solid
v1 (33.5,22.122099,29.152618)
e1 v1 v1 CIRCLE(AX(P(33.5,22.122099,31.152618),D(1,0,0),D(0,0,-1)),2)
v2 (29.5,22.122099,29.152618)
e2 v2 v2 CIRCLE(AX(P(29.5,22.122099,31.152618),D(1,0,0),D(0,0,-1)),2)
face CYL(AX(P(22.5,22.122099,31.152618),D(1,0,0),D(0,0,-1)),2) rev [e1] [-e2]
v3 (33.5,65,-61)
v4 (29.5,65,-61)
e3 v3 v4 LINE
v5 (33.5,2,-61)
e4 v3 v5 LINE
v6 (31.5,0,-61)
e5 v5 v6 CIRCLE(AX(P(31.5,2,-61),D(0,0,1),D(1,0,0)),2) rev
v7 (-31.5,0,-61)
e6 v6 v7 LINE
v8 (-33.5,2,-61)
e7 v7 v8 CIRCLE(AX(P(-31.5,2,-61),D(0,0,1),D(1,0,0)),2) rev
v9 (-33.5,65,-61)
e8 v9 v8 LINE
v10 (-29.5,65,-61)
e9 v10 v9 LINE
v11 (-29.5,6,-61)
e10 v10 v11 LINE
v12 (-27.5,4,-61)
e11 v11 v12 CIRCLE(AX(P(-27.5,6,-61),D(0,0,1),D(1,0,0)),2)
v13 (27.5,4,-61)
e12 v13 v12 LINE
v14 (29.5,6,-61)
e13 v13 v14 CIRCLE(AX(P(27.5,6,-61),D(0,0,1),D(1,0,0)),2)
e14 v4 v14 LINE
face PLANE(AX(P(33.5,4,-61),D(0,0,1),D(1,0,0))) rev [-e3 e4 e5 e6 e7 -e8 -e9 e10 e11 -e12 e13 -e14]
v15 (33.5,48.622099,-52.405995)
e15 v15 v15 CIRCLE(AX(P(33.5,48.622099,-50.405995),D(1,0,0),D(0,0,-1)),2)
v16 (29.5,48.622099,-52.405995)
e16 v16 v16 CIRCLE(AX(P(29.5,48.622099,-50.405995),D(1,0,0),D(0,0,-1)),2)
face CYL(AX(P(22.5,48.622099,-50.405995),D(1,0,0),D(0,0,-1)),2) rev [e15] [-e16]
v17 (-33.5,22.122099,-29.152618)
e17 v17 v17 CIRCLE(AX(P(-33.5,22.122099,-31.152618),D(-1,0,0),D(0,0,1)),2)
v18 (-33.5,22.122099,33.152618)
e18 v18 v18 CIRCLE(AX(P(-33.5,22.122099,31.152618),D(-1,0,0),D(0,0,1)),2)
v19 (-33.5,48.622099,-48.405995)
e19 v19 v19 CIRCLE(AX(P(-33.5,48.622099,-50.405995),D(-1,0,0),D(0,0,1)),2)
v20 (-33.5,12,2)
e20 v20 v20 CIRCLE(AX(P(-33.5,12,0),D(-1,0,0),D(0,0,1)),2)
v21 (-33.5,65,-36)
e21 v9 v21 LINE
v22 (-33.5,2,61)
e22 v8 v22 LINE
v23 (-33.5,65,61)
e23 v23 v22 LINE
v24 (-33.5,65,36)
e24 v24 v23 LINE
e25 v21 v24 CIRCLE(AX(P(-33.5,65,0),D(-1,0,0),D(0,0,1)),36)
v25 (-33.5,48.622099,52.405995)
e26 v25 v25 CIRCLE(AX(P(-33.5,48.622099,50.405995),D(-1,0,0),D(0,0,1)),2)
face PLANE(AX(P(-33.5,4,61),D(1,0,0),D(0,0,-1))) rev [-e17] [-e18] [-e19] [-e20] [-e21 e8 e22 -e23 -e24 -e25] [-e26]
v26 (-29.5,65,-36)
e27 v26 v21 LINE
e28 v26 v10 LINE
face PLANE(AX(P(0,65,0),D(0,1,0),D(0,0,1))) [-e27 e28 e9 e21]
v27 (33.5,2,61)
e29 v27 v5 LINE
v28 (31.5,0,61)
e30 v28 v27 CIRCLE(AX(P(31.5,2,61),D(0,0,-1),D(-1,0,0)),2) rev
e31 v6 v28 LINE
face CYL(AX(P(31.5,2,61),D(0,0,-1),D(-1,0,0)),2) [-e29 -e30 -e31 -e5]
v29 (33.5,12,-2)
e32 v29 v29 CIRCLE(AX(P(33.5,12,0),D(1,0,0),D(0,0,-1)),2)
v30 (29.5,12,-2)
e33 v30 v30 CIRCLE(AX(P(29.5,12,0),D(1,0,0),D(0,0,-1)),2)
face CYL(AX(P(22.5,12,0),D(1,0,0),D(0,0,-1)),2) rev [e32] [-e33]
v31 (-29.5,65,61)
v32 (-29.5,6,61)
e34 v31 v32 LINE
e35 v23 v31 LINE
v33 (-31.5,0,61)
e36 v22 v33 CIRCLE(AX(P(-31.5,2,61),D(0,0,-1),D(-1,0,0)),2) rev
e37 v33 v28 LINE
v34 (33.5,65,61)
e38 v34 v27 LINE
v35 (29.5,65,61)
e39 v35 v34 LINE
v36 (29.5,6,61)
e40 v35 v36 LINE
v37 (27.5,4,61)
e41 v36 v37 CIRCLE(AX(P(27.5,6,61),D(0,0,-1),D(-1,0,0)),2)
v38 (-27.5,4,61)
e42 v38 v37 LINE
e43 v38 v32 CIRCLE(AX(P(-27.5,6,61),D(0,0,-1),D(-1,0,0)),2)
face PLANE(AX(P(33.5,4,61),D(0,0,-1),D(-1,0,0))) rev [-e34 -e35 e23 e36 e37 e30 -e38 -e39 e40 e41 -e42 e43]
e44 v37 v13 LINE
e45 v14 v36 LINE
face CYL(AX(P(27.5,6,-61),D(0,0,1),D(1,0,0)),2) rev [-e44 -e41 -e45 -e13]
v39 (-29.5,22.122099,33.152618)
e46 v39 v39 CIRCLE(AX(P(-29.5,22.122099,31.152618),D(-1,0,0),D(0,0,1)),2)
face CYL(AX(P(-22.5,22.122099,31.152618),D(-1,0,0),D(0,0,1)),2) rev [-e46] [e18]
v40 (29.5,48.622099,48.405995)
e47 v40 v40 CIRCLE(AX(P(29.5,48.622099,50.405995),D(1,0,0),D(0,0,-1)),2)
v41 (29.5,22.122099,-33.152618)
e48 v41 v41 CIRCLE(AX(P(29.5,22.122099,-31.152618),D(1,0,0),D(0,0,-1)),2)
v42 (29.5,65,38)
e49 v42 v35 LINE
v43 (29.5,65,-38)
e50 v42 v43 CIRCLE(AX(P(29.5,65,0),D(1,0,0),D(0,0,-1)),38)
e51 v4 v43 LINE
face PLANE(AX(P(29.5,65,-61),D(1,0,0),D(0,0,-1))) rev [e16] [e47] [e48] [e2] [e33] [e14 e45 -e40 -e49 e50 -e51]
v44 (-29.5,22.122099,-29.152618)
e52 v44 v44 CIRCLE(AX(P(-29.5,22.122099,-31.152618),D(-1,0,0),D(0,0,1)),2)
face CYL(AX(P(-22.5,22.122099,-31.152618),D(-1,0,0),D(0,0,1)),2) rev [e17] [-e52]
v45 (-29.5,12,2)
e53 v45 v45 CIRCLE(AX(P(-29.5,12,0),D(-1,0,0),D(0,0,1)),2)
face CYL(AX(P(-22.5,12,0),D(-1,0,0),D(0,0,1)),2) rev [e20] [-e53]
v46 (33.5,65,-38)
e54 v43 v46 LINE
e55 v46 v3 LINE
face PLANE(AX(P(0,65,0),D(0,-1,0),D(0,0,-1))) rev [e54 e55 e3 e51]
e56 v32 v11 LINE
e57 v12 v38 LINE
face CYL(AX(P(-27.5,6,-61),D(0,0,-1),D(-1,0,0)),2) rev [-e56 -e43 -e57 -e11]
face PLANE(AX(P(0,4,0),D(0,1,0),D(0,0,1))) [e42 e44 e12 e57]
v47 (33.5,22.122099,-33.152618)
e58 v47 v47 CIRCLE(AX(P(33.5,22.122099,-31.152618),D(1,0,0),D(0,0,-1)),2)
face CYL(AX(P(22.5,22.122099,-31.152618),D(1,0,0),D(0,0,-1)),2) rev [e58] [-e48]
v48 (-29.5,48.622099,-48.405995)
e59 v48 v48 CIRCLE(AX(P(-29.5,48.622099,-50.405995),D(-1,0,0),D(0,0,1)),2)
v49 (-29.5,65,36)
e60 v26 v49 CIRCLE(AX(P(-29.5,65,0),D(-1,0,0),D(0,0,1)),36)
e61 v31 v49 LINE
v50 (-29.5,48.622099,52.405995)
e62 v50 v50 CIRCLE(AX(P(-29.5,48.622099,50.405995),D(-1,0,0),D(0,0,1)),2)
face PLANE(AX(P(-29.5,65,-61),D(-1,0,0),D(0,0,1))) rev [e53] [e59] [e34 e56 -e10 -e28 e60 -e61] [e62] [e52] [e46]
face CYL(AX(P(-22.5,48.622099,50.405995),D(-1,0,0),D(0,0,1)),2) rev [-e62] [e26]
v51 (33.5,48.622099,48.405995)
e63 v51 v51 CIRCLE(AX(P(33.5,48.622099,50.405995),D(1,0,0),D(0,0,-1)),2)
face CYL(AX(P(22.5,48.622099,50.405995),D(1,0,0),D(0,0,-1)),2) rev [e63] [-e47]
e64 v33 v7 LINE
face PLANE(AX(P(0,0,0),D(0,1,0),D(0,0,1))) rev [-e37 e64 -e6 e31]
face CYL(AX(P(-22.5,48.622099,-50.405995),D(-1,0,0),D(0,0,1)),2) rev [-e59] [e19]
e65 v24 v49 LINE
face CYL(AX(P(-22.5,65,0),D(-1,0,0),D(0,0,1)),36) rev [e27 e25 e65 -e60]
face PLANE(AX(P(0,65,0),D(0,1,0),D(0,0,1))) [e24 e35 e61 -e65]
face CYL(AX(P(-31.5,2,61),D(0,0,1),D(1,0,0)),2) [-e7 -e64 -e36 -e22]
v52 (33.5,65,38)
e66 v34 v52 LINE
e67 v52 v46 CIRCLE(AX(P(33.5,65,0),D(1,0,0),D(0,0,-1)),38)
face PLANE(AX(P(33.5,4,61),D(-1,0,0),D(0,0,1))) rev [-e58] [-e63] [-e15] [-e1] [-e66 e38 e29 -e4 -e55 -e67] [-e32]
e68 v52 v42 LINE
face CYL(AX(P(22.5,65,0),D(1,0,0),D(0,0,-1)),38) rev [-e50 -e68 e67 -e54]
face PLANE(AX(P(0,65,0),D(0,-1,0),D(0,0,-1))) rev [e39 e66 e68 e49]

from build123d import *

# Parameters (mm, degrees)
SKETCH_1_W          = 67
SKETCH_1_H          = 122
EXTRUDE_1_DEPTH     = 4
SKETCH_2_W          = 4
SKETCH_2_H          = 122
EXTRUDE_2_DEPTH     = 61
FILLET_1_R          = 2
SKETCH_4_R          = 38
SKETCH_4_R_2        = 2
CUT_EXTRUDE_1_DEPTH = 11
CUT_EXTRUDE_START   = -11
SKETCH_5_R          = 36
SKETCH_5_R_2        = 2
CUT_EXTRUDE_2_DEPTH = 11


with BuildPart() as part:
    # Эскиз1 → Бобышка-Вытянуть1 (new body)
    with BuildSketch(Plane(origin=(0, 0, 0), x_dir=(1, 0, 0), z_dir=(0, 1, 0))):
        Rectangle(SKETCH_1_W, SKETCH_1_H)
    extrude(amount=EXTRUDE_1_DEPTH)

    # Эскиз2 → Бобышка-Вытянуть2 (add)
    with BuildSketch(Plane(origin=(0, 4, 0), x_dir=(1, 0, 0), z_dir=(0, 1, 0))):
        with Locations((-31.5, 0)):
            Rectangle(SKETCH_2_W, SKETCH_2_H)
        with Locations((31.5, 0)):
            Rectangle(SKETCH_2_W, SKETCH_2_H)
    extrude(amount=EXTRUDE_2_DEPTH)

    # Скругление1
    fillet_1_edges = [part.edges().sort_by_distance(p)[0] for p in [
        (-29.5, 4, 0),
        (29.5, 4, 0),
        (33.5, 0, 0),
        (-33.5, 0, 0),
    ]]
    fillet(fillet_1_edges, radius=FILLET_1_R)

    # Эскиз4 → Вырез-Вытянуть1 (cut)
    with BuildSketch(Plane(origin=(33.5, 0, 0), x_dir=(0, 0, -1), z_dir=(1, 0, 0))):
        with Locations((0, 65)):
            Circle(SKETCH_4_R)
        with Locations((0, 12)):
            Circle(SKETCH_4_R_2)
        with Locations((-31.152618372, 22.122099298)):
            Circle(SKETCH_4_R_2)
        with Locations((-50.405995364, 48.622099298)):
            Circle(SKETCH_4_R_2)
        with Locations((50.405995364, 48.622099298)):
            Circle(SKETCH_4_R_2)
        with Locations((31.152618372, 22.122099298)):
            Circle(SKETCH_4_R_2)
    extrude(amount=-CUT_EXTRUDE_1_DEPTH, mode=Mode.SUBTRACT)

    # Эскиз5 → Вырез-Вытянуть2 (cut)
    with BuildSketch(Plane.ZY.offset(33.5).offset(CUT_EXTRUDE_START)):
        with Locations((0, 65)):
            Circle(SKETCH_5_R)
        with Locations(Location((0, 12, 0), (0, 0, 180))):
            Circle(SKETCH_5_R_2)
        with Locations(Location((-31.152618372, 22.122099298, 0), (0, 0, 180))):
            Circle(SKETCH_5_R_2)
        with Locations(Location((-50.405995364, 48.622099298, 0), (0, 0, 180))):
            Circle(SKETCH_5_R_2)
        with Locations(Location((50.405995364, 48.622099298, 0), (0, 0, 180))):
            Circle(SKETCH_5_R_2)
        with Locations(Location((31.152618372, 22.122099298, 0), (0, 0, 180))):
            Circle(SKETCH_5_R_2)
    extrude(amount=CUT_EXTRUDE_2_DEPTH, mode=Mode.SUBTRACT)


solid = part.part
